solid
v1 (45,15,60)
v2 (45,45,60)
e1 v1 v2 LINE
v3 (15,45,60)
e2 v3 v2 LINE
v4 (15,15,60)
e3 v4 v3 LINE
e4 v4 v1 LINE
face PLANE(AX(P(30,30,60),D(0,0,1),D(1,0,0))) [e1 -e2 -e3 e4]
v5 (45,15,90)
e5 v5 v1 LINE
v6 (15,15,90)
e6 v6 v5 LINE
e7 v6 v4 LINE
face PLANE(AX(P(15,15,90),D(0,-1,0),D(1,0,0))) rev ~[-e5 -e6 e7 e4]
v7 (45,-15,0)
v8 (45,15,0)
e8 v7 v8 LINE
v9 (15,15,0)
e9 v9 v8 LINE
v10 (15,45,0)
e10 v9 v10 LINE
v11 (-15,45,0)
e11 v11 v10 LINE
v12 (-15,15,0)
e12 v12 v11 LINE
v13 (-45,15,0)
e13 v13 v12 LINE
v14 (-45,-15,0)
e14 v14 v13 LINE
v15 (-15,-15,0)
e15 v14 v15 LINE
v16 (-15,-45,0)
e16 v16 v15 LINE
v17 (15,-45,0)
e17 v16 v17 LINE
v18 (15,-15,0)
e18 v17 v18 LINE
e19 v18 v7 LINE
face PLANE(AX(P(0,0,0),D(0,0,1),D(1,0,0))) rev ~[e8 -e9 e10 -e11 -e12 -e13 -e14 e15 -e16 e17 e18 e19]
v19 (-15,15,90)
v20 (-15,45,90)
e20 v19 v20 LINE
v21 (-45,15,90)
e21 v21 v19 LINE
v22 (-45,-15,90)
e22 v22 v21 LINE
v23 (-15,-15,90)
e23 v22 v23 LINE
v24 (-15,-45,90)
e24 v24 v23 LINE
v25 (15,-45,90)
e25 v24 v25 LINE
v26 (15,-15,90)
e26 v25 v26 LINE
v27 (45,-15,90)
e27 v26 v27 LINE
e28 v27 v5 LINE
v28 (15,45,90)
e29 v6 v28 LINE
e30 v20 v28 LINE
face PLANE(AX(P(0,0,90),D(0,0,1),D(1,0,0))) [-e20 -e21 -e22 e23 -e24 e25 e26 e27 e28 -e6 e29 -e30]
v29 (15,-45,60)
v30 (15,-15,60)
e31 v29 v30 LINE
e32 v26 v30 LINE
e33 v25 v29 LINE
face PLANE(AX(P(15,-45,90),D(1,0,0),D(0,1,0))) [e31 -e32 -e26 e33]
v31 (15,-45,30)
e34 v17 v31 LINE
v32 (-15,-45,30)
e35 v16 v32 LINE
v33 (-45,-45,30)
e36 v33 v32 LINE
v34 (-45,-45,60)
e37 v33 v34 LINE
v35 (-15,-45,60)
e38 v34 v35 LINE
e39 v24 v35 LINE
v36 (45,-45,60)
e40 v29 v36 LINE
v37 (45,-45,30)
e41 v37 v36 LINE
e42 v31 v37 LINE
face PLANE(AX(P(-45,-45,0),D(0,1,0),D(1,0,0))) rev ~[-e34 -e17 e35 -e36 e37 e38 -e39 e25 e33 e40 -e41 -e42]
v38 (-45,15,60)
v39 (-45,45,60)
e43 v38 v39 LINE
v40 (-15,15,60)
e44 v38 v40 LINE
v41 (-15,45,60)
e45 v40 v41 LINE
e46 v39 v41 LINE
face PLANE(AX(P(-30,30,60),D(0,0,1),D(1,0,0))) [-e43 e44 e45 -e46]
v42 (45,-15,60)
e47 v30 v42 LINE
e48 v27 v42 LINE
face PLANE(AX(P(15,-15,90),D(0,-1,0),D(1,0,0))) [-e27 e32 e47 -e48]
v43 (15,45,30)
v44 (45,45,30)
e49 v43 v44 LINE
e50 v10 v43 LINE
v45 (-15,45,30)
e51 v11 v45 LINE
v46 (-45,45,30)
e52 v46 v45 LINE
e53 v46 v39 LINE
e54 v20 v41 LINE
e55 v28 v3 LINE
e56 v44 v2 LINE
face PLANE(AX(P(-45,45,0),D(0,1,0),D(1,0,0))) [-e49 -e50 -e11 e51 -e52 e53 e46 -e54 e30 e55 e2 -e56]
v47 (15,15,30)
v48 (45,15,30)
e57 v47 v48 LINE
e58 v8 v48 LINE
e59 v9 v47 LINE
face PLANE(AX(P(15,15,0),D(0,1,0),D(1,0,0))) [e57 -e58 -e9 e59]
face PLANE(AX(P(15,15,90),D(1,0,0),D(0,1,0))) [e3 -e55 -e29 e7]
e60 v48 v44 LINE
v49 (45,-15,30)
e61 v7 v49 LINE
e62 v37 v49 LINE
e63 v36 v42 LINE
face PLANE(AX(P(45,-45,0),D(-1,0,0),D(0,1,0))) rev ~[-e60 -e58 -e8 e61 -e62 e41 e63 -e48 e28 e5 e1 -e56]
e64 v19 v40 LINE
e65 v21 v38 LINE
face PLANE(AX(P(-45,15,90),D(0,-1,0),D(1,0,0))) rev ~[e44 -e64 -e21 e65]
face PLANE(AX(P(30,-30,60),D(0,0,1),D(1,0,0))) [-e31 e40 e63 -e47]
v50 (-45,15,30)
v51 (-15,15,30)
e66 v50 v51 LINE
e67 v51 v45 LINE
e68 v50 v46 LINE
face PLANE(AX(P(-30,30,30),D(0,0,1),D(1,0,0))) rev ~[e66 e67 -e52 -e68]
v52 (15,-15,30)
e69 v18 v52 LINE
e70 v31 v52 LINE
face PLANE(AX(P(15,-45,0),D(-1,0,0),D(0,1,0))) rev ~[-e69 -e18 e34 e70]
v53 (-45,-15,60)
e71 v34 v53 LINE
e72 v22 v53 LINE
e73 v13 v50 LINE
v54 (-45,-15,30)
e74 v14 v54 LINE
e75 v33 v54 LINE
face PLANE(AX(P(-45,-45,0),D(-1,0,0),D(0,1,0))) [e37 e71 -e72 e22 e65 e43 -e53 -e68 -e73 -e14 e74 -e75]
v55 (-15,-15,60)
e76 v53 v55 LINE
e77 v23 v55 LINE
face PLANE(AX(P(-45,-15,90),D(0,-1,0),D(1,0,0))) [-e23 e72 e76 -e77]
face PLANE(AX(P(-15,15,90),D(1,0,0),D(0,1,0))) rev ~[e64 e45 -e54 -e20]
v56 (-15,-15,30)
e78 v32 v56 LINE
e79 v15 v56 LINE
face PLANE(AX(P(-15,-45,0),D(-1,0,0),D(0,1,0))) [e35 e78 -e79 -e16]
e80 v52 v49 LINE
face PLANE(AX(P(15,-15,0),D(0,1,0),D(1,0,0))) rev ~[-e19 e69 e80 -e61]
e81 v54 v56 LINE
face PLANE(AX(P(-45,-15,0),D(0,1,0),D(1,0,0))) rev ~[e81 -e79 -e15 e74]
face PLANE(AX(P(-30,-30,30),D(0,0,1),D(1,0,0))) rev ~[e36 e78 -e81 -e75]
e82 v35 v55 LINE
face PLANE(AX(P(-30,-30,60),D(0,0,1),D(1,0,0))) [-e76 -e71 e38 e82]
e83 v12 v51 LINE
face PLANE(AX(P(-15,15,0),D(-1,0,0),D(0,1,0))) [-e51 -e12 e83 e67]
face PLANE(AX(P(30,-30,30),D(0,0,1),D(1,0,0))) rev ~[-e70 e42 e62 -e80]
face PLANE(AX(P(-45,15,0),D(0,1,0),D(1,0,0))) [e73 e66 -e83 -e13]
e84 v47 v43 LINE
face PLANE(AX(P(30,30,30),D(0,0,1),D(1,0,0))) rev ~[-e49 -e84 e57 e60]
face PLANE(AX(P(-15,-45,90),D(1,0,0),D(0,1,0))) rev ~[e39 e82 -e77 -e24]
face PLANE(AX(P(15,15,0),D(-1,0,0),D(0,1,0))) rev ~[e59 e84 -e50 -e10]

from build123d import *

# Parameters (mm, degrees)
F0_W     = 90
F0_H     = 90
F1_DEPTH = 90
F3_W     = 30
F3_H     = 30
F4_DEPTH = 30
F2_W     = 30
F2_H     = 30
F5_DEPTH = 30


with BuildPart() as f1:
    # F0 (on Top) → F1 (new body)
    with BuildSketch(Plane.XY):
        Rectangle(F0_W, F0_H)
    extrude(amount=F1_DEPTH)

    # F3 (on face) → F4 (cut)
    with BuildSketch(Plane.XY.offset(90)):
        with Locations((-30, -30)):
            Rectangle(F3_W, F3_H)
        with Locations((-30, 30)):
            Rectangle(F3_W, F3_H)
        with Locations((30, 30)):
            Rectangle(F3_W, F3_H)
        with Locations((30, -30)):
            Rectangle(F3_W, F3_H)
    extrude(amount=-F4_DEPTH, mode=Mode.SUBTRACT)

    # F2 (on Top) → F5 (cut)
    with BuildSketch(Plane.XY):
        with Locations((30, 30)):
            Rectangle(F2_W, F2_H)
        with Locations((-30, 30)):
            Rectangle(F2_W, F2_H)
        with Locations((-30, -30)):
            Rectangle(F2_W, F2_H)
        with Locations((30, -30)):
            Rectangle(F2_W, F2_H)
    extrude(amount=F5_DEPTH, mode=Mode.SUBTRACT)


solid = f1.part
